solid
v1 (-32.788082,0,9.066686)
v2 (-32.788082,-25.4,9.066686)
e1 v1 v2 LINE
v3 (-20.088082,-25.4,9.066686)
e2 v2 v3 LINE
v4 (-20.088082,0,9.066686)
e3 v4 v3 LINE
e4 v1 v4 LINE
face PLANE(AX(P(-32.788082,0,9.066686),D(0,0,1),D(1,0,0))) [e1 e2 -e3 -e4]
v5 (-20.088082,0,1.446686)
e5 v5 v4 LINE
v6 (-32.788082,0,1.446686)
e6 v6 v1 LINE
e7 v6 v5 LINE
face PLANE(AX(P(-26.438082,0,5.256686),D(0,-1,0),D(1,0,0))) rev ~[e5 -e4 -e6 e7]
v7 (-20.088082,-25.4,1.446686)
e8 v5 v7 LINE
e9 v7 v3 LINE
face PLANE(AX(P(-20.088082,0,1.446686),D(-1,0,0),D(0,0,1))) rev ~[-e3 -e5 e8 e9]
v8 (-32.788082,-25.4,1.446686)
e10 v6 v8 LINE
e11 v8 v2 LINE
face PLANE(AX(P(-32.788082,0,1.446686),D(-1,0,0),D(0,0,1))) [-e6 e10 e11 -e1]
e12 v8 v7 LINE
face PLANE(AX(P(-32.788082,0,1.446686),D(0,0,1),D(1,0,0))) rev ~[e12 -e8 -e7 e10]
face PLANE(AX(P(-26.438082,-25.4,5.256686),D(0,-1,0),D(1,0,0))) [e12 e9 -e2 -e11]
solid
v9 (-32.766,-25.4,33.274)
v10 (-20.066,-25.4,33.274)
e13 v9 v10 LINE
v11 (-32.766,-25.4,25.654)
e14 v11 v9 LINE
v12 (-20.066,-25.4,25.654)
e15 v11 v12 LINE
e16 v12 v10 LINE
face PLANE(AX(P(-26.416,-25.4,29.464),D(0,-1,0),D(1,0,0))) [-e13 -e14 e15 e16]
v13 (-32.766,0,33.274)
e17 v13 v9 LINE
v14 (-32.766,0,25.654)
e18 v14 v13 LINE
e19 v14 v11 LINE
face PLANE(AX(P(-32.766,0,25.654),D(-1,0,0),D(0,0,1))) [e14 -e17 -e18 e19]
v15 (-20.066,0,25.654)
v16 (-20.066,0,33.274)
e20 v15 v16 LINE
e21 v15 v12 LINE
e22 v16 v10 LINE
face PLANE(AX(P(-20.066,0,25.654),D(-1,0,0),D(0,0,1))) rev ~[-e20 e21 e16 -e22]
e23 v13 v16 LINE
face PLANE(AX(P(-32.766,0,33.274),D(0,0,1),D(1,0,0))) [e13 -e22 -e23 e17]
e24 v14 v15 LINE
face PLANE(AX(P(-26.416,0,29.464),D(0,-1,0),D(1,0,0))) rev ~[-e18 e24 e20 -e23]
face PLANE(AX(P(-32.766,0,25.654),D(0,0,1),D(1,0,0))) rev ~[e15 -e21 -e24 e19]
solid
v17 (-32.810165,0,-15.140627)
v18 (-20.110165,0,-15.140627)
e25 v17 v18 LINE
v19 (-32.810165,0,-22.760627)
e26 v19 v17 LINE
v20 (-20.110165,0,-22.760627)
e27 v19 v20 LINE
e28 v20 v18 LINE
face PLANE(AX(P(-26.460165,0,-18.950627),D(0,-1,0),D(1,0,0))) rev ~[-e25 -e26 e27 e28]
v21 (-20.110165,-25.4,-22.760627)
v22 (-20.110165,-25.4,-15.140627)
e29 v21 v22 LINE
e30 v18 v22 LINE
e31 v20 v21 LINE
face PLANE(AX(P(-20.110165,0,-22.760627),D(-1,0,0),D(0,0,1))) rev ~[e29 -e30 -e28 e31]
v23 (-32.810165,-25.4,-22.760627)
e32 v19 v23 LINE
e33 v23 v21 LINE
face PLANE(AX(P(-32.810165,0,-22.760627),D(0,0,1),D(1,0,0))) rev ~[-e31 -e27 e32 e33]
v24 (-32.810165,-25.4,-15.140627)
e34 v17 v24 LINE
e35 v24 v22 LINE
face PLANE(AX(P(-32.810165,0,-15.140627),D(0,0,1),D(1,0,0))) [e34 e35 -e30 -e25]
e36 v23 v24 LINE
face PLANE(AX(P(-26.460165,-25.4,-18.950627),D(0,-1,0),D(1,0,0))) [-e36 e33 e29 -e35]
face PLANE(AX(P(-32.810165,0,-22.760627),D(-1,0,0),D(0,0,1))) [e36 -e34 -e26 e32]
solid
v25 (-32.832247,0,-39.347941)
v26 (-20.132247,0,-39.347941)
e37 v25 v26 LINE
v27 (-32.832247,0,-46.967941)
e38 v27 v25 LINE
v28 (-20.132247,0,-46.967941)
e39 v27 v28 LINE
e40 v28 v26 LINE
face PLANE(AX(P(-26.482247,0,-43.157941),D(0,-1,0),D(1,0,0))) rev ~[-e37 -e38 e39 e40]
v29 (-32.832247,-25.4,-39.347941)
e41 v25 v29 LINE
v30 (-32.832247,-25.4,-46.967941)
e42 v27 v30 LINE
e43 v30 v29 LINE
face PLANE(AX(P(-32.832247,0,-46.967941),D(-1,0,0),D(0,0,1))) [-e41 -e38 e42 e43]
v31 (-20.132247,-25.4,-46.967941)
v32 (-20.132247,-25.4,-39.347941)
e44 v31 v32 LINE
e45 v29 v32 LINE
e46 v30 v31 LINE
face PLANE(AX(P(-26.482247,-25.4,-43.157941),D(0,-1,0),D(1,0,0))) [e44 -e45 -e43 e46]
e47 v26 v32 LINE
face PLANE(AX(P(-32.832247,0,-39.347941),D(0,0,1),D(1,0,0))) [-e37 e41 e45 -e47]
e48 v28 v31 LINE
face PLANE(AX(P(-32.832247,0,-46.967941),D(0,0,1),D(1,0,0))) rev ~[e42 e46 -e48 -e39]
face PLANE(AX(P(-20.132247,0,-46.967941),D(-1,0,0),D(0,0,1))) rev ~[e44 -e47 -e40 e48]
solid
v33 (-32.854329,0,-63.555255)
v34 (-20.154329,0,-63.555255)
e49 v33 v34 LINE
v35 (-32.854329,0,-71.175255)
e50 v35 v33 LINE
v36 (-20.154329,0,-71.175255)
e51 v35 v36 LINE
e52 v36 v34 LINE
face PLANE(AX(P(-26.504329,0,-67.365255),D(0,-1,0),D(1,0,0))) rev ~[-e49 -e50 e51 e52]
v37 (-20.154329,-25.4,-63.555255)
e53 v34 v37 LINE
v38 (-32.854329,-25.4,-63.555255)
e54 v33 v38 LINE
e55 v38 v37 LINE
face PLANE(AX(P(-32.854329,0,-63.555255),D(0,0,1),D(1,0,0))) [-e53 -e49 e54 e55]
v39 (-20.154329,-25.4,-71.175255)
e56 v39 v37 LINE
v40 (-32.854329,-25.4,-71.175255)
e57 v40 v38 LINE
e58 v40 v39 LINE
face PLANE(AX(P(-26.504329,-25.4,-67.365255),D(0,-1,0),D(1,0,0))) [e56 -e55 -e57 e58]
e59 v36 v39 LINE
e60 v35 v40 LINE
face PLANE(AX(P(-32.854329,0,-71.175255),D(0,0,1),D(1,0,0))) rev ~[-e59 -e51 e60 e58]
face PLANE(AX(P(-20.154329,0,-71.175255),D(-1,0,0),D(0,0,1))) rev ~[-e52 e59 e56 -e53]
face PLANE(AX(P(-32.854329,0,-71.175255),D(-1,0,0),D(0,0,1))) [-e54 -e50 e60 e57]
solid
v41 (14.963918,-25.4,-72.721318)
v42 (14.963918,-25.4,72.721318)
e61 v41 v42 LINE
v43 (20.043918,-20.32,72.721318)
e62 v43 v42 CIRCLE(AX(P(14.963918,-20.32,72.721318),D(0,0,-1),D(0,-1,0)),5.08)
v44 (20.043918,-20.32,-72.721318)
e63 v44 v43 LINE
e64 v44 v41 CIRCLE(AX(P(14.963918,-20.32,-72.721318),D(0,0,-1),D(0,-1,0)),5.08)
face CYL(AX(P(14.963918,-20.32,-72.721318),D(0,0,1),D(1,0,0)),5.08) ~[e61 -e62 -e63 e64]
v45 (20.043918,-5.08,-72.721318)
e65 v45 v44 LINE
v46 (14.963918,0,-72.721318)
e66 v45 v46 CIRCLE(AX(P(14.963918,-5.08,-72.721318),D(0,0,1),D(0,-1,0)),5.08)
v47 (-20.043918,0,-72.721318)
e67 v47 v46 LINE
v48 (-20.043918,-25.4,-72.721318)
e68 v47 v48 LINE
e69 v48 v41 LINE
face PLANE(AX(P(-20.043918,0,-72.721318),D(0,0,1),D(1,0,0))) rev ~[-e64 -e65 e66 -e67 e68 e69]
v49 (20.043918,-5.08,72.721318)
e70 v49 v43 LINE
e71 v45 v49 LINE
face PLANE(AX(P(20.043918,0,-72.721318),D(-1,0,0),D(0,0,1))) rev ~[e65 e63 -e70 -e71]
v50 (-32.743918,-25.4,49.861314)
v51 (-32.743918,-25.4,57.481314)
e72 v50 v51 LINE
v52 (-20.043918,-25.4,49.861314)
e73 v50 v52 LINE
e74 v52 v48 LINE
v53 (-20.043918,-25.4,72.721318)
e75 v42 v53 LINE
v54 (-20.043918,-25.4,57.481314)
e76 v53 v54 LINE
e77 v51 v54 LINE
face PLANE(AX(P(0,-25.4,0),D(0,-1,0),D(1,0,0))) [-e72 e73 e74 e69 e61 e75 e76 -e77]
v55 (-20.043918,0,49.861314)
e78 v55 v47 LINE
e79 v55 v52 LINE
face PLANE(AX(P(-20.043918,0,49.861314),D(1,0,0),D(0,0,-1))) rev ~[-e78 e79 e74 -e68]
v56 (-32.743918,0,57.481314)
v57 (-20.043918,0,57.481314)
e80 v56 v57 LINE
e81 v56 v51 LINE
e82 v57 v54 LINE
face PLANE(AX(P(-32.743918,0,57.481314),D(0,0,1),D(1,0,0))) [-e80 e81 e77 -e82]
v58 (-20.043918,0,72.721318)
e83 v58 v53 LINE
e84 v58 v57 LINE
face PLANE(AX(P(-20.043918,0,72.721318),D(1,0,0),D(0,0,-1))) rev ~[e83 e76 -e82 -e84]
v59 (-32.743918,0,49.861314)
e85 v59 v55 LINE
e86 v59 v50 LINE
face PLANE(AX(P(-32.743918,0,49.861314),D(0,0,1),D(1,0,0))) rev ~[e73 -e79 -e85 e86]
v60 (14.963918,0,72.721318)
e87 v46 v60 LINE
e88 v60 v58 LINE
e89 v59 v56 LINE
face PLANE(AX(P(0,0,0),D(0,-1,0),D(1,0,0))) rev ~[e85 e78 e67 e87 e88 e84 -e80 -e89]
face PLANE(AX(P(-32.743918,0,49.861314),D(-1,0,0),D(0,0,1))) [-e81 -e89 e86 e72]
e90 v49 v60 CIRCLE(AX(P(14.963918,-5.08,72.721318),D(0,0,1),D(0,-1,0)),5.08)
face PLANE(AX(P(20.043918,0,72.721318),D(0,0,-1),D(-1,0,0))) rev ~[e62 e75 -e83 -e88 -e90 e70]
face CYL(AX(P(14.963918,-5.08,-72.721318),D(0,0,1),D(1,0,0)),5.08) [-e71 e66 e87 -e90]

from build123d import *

# Parameters (mm, degrees)
F0_W     = 12.7
F0_H     = 7.62
F1_DEPTH = 25.4
F2_R     = 5.08


with BuildPart() as f1:
    # F0 (on Front) → F1 (new body)
    with BuildSketch(Plane.XZ):
        Polygon((20.043918, -72.721318), (20.043918, 72.721318), (-20.043918, 72.721318), (-20.043918, 57.481314), (-20.043918, 49.861314), (-20.043918, -72.721318), align=None)
        with Locations((-26.393918, 53.671314)):
            Rectangle(F0_W, F0_H)
        with Locations((-26.416, 29.464)):
            Rectangle(F0_W, F0_H)
        with Locations((-26.438082, 5.256686)):
            Rectangle(F0_W, F0_H)
        with Locations((-26.460165, -18.950627)):
            Rectangle(F0_W, F0_H)
        with Locations((-26.482247, -43.157941)):
            Rectangle(F0_W, F0_H)
        with Locations((-26.504329, -67.365255)):
            Rectangle(F0_W, F0_H)
    extrude(amount=F1_DEPTH)

    # F2
    f2_edges = [f1.edges().sort_by_distance(p)[0] for p in [
        (20.043918, -25.4, 0),
        (20.043918, 0, 0),
    ]]
    fillet(f2_edges, radius=F2_R)


solid = f1.part
